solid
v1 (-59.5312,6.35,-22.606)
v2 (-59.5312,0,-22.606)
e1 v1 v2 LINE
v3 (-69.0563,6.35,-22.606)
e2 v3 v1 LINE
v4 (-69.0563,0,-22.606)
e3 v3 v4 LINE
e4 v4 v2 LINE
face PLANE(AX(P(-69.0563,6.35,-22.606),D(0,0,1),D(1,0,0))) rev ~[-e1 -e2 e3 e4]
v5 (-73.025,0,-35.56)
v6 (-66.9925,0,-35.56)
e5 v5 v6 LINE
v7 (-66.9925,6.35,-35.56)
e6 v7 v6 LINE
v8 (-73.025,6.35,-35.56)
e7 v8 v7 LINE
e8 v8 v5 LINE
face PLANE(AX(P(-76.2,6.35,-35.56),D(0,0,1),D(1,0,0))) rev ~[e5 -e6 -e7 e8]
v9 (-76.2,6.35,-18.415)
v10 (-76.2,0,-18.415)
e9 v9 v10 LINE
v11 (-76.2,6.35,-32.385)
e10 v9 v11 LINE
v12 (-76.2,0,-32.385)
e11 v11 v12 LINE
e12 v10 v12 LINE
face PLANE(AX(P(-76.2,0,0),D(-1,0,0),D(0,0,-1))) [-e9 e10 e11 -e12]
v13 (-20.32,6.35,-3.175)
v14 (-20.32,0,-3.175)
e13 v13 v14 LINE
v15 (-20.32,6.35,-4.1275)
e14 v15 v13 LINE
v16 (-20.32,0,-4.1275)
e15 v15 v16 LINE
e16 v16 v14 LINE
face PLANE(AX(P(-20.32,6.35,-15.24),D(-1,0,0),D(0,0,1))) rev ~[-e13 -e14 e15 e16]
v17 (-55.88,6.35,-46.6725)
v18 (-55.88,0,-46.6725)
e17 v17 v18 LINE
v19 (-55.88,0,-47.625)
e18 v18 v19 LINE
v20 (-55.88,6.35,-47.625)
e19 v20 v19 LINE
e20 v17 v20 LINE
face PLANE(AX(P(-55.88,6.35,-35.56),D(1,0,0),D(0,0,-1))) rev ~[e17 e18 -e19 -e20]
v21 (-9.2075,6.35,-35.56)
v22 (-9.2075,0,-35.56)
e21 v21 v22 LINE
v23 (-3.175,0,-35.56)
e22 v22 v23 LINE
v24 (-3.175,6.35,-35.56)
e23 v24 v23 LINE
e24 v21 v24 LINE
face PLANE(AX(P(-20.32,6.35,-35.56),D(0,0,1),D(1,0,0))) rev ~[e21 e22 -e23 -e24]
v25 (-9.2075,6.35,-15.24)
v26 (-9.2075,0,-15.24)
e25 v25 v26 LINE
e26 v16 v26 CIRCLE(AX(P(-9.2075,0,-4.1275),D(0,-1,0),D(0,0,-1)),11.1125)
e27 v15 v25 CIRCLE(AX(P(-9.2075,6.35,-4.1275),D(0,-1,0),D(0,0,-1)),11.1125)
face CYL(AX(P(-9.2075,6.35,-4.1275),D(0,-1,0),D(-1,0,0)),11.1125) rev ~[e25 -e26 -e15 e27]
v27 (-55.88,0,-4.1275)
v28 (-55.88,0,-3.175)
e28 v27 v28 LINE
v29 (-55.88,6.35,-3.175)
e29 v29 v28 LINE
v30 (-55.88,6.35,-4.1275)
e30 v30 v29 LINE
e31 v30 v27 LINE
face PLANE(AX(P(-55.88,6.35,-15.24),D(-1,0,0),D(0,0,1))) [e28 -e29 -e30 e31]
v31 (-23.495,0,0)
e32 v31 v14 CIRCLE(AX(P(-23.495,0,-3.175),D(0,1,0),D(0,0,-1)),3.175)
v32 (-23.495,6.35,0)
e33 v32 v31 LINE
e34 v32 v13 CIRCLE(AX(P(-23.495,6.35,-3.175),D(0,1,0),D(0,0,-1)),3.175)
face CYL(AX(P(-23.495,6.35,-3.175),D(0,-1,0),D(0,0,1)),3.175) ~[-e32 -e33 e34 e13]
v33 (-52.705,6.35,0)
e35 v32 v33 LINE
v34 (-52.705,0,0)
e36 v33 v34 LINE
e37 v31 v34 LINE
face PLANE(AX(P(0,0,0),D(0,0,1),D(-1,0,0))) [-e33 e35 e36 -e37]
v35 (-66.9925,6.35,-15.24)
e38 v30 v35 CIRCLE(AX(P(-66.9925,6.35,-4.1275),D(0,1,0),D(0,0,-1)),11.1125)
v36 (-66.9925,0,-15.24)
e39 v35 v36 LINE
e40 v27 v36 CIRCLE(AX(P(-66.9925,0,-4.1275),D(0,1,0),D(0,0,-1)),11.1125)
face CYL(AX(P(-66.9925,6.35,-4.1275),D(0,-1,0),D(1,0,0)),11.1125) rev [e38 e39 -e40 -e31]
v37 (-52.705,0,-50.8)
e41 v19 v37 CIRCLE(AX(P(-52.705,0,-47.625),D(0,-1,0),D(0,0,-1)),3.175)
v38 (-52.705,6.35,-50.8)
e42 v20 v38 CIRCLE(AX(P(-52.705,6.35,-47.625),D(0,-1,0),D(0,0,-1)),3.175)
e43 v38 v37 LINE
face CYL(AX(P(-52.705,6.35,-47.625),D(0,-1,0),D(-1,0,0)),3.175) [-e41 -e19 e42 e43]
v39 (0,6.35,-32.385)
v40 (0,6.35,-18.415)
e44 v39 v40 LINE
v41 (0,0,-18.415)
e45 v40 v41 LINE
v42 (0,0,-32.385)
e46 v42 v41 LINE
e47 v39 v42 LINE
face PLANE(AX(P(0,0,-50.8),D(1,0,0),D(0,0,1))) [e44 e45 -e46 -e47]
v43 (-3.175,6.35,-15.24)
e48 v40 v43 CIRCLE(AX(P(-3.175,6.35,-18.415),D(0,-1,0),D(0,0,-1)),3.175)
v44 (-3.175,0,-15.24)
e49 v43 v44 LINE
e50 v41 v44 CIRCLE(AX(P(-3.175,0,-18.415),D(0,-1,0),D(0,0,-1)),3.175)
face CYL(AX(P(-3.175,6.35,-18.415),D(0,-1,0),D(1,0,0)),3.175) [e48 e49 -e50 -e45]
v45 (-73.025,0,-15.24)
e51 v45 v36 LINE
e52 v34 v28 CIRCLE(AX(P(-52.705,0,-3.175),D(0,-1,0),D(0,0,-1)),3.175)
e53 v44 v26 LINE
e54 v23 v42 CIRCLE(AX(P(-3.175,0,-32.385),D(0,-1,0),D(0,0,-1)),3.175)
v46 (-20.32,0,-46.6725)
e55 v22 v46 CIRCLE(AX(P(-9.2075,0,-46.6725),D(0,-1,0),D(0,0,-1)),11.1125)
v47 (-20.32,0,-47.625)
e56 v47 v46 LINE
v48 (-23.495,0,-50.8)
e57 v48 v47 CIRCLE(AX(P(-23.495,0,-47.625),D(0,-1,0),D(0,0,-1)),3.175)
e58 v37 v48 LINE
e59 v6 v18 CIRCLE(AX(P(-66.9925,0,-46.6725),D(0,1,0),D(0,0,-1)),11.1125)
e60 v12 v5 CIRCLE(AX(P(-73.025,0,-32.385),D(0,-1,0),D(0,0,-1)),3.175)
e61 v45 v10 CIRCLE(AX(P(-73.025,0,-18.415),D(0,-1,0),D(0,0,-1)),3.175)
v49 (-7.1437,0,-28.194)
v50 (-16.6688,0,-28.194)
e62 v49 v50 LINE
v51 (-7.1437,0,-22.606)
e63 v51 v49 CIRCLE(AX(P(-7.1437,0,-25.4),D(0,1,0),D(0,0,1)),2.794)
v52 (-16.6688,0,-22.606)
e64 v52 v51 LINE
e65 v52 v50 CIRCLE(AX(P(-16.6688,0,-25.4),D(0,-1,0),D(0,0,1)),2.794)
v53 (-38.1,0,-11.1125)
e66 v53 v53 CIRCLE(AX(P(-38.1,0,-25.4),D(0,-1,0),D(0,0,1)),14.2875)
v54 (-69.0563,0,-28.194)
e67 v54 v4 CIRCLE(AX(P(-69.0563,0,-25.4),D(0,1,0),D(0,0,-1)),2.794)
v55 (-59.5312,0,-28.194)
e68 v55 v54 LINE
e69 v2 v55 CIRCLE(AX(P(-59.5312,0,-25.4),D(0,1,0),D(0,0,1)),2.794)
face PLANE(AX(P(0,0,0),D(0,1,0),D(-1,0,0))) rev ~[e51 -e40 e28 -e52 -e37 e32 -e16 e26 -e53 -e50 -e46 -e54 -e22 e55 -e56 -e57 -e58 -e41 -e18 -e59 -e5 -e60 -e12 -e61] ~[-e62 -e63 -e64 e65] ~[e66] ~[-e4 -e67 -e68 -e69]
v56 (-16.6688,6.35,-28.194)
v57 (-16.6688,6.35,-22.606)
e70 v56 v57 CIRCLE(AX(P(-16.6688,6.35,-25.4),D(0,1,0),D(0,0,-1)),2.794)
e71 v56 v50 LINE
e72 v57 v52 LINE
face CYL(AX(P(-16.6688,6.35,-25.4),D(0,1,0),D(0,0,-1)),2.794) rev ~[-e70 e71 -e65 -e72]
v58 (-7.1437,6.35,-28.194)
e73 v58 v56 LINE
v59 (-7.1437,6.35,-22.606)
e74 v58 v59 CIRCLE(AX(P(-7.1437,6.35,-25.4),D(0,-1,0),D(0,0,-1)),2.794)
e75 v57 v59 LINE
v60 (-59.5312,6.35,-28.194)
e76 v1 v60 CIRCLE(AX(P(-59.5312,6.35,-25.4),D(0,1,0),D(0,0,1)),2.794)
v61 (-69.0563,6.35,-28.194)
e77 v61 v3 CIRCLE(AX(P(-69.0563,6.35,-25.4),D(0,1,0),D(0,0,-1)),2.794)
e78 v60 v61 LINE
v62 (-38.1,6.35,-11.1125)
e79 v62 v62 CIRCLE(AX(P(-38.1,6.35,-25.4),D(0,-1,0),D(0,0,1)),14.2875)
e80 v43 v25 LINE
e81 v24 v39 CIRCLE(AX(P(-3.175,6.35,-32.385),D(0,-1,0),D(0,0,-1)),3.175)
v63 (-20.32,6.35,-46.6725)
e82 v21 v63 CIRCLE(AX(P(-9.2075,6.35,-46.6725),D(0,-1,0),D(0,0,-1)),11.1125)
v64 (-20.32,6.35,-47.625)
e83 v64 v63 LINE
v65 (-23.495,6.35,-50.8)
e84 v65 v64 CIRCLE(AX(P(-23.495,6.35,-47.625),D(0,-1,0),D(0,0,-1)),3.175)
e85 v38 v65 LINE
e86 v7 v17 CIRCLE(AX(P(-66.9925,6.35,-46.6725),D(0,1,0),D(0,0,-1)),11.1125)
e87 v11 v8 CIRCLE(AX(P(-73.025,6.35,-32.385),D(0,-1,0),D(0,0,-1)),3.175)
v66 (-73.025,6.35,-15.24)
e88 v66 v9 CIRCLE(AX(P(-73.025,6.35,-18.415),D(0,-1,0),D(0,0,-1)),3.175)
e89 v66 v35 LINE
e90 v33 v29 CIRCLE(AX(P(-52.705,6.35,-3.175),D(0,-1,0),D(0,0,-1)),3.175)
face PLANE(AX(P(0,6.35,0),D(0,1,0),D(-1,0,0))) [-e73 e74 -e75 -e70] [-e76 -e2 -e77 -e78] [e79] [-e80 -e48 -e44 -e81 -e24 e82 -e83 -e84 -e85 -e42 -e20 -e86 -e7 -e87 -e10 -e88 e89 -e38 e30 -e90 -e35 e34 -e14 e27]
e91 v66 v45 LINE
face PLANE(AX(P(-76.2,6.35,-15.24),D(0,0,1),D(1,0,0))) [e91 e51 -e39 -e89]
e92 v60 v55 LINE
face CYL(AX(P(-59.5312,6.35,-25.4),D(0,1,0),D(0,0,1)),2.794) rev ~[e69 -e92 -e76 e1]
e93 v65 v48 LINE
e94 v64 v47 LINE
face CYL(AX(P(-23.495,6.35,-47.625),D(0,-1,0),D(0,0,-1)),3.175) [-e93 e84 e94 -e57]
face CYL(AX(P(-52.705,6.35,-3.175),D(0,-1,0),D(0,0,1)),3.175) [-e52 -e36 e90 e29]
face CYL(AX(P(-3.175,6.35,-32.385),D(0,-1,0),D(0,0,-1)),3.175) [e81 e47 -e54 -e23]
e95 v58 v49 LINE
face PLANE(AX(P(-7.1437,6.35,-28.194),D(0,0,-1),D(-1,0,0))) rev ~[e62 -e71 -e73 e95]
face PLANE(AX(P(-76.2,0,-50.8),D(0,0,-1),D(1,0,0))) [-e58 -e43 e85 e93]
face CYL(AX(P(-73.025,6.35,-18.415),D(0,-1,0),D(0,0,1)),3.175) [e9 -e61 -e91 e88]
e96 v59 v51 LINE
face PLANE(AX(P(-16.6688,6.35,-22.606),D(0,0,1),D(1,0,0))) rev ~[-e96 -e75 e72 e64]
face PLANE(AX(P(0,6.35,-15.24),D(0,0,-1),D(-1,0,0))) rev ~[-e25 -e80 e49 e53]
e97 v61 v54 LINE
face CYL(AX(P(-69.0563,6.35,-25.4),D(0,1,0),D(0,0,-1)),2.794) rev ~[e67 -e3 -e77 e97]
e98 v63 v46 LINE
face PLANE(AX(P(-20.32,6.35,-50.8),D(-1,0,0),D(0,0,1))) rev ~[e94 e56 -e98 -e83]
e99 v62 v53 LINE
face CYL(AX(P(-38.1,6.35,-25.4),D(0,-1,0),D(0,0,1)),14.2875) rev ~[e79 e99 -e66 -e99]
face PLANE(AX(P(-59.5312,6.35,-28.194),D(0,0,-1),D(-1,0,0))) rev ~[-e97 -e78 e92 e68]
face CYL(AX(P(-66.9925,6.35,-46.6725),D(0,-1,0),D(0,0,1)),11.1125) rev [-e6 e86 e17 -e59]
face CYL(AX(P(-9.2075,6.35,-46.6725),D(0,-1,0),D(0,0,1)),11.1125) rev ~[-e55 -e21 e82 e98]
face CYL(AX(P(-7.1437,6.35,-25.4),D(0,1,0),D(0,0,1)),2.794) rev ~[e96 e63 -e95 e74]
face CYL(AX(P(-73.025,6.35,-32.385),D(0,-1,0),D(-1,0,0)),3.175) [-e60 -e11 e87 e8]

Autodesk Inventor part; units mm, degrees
ref_plane "YZ Plane" through (0, 0, 0) normal (1, 0, 0) x (0, 1, 0)
ref_plane "XZ Plane" through (0, 0, 0) normal (0, 1, 0) x (-1, 0, 0)
ref_plane "XY Plane" through (0, 0, 0) normal (0, 0, 1) x (1, 0, 0)
sketch "Sketch1" plane through (0, 0, 0) normal (0, 1, 0) x (-1, 0, 0)
  line L0 (0, 0) -> (76.2, 0)
  line L1 (76.2, 0) -> (76.2, -50.8)
  line L2 (76.2, -50.8) -> (0, -50.8)
  line L3 (0, -50.8) -> (0, 0)
  dimension "d0" = 76.2
  dimension "d1" = 50.8
extrude "Extrusion1" add sketch "Sketch1" along normal blind 6.35
sketch "Sketch2" plane through (0, 6.35, 0) normal (0, 1, 0) x (1, 0, 0)
  line L0 (0, 0) -> (0, 50.8) projected
  line L1 (-76.2, 50.8) -> (-76.2, 0) projected
  line L2 (0, 50.8) -> (-76.2, 0)
  line L3 (-76.2, 0) -> (-76.2, 50.8)
  line L4 (-76.2, 50.8) -> (0, 0)
  circle A0 centre (-38.1, 25.4) radius 14.2875
  dimension "d4" = 28.575
hole "Hole1" at (-38.1, 6.35, -25.4) direction (0, -1, 0) diameter 28.575 end through all
sketch "Sketch3" plane through (0, 6.35, 0) normal (0, 1, 0) x (1, 0, 0)
  line L0 (0, 50.8) -> (0, 0) projected
  line L1 (0, 25.4) -> (-23.8125, 25.4)
  circle A0 centre (-38.1, 25.4) radius 14.2875 projected
  line L2 (-52.3875, 25.4) -> (-76.2, 25.4) construction
  line L3 (-76.2, 0) -> (-76.2, 50.8) projected
  line L4 (-69.0563, 25.4) -> (-59.5312, 25.4) construction
  line L5 (-69.0563, 22.606) -> (-59.5312, 22.606)
  line L6 (-59.5312, 28.194) -> (-69.0563, 28.194)
  arc A1 (-69.0563, 28.194) -> (-69.0563, 22.606) centre (-69.0563, 25.4) ccw
  arc A2 (-59.5312, 22.606) -> (-59.5312, 28.194) centre (-59.5312, 25.4) ccw
  line L7 (-16.6688, 25.4) -> (-7.1437, 25.4) construction
  line L8 (-16.6688, 22.606) -> (-7.1437, 22.606)
  line L9 (-7.1437, 28.194) -> (-16.6688, 28.194)
  arc A3 (-16.6688, 28.194) -> (-16.6688, 22.606) centre (-16.6688, 25.4) ccw
  arc A4 (-7.1437, 22.606) -> (-7.1437, 28.194) centre (-7.1437, 25.4) ccw
  point P0 (-64.2938, 25.4)
  point P1 (-11.9062, 25.4)
  dimension "d12" = 4.7625
  dimension "d13" = 5.588
  dimension "d14" = 4.7625
  dimension "d15" = 5.588
extrude "Extrusion2" cut sketch "Sketch3" against normal blind 6.35 contours A4 L8 A3 L1 | L1 A3 L9 A4 | A1 L6 A2 L5
sketch "Sketch4" plane through (0, 6.35, 0) normal (0, 1, 0) x (1, 0, 0)
  point P0 (0, 0)
sketch "Sketch5" plane through (0, 6.35, 0) normal (0, 1, 0) x (1, 0, 0)
  line L0 (0, 0) -> (0, 50.8) projected
  line L1 (0, 0) -> (0, 15.24)
  line L2 (0, 15.24) -> (-20.32, 15.24)
  line L3 (-20.32, 15.24) -> (-20.32, 0)
  line L4 (0, 50.8) -> (-20.32, 50.8)
  line L5 (-20.32, 50.8) -> (-20.32, 35.56)
  line L6 (-20.32, 35.56) -> (0, 35.56)
  line L7 (0, 35.56) -> (0, 50.8)
  line L8 (0, 50.8) -> (-76.2, 50.8) projected
  line L9 (-76.2, 50.8) -> (-76.2, 35.56)
  line L10 (-76.2, 50.8) -> (-76.2, 0) projected
  line L11 (-76.2, 0) -> (0, 0) projected
  line L12 (-76.2, 0) -> (-76.2, 15.24)
  line L13 (-76.2, 15.24) -> (-55.88, 15.24)
  line L14 (-55.88, 15.24) -> (-55.88, 0)
  line L15 (-76.2, 35.56) -> (-55.88, 35.56)
  line L16 (-55.88, 35.56) -> (-55.88, 50.8)
  line L17 (-76.2, 0) -> (-55.88, 0)
  line L18 (-76.2, 15.24) -> (-55.88, 15.24)
  line L19 (-20.32, 0) -> (0, 0)
  line L20 (-55.88, 50.8) -> (-76.2, 50.8)
  dimension "d19" = 15.24
  dimension "d20" = 20.32
  dimension "d21" = 20.32
  dimension "d22" = 15.24
  dimension "d23" = 20.32
extrude "Extrusion3" cut sketch "Sketch5" against normal blind 25.4 contours L11 L3 L2 L0 | L6 L5 L4 L0 | L11 L10 L13 L14 | L16 L15 L9 L8
fillet "Fillet2" radius 3.175 8 edges at (-55.88, 3.175, -50.8) (-76.2, 3.175, -35.56) (-76.2, 3.175, -15.24) (-55.88, 3.175, 0) (0, 3.175, -15.24) (0, 3.175, -35.56) (-20.32, 3.175, -50.8) (-20.32, 3.175, 0)
fillet "Fillet3" radius 11.1125 4 edges at (-20.32, 3.175, -35.56) (-55.88, 3.175, -35.56) (-55.88, 3.175, -15.24) (-20.32, 3.175, -15.24)
properties part number "4461-17-0101 Tensioner Plate" material "Aluminum 6061"
